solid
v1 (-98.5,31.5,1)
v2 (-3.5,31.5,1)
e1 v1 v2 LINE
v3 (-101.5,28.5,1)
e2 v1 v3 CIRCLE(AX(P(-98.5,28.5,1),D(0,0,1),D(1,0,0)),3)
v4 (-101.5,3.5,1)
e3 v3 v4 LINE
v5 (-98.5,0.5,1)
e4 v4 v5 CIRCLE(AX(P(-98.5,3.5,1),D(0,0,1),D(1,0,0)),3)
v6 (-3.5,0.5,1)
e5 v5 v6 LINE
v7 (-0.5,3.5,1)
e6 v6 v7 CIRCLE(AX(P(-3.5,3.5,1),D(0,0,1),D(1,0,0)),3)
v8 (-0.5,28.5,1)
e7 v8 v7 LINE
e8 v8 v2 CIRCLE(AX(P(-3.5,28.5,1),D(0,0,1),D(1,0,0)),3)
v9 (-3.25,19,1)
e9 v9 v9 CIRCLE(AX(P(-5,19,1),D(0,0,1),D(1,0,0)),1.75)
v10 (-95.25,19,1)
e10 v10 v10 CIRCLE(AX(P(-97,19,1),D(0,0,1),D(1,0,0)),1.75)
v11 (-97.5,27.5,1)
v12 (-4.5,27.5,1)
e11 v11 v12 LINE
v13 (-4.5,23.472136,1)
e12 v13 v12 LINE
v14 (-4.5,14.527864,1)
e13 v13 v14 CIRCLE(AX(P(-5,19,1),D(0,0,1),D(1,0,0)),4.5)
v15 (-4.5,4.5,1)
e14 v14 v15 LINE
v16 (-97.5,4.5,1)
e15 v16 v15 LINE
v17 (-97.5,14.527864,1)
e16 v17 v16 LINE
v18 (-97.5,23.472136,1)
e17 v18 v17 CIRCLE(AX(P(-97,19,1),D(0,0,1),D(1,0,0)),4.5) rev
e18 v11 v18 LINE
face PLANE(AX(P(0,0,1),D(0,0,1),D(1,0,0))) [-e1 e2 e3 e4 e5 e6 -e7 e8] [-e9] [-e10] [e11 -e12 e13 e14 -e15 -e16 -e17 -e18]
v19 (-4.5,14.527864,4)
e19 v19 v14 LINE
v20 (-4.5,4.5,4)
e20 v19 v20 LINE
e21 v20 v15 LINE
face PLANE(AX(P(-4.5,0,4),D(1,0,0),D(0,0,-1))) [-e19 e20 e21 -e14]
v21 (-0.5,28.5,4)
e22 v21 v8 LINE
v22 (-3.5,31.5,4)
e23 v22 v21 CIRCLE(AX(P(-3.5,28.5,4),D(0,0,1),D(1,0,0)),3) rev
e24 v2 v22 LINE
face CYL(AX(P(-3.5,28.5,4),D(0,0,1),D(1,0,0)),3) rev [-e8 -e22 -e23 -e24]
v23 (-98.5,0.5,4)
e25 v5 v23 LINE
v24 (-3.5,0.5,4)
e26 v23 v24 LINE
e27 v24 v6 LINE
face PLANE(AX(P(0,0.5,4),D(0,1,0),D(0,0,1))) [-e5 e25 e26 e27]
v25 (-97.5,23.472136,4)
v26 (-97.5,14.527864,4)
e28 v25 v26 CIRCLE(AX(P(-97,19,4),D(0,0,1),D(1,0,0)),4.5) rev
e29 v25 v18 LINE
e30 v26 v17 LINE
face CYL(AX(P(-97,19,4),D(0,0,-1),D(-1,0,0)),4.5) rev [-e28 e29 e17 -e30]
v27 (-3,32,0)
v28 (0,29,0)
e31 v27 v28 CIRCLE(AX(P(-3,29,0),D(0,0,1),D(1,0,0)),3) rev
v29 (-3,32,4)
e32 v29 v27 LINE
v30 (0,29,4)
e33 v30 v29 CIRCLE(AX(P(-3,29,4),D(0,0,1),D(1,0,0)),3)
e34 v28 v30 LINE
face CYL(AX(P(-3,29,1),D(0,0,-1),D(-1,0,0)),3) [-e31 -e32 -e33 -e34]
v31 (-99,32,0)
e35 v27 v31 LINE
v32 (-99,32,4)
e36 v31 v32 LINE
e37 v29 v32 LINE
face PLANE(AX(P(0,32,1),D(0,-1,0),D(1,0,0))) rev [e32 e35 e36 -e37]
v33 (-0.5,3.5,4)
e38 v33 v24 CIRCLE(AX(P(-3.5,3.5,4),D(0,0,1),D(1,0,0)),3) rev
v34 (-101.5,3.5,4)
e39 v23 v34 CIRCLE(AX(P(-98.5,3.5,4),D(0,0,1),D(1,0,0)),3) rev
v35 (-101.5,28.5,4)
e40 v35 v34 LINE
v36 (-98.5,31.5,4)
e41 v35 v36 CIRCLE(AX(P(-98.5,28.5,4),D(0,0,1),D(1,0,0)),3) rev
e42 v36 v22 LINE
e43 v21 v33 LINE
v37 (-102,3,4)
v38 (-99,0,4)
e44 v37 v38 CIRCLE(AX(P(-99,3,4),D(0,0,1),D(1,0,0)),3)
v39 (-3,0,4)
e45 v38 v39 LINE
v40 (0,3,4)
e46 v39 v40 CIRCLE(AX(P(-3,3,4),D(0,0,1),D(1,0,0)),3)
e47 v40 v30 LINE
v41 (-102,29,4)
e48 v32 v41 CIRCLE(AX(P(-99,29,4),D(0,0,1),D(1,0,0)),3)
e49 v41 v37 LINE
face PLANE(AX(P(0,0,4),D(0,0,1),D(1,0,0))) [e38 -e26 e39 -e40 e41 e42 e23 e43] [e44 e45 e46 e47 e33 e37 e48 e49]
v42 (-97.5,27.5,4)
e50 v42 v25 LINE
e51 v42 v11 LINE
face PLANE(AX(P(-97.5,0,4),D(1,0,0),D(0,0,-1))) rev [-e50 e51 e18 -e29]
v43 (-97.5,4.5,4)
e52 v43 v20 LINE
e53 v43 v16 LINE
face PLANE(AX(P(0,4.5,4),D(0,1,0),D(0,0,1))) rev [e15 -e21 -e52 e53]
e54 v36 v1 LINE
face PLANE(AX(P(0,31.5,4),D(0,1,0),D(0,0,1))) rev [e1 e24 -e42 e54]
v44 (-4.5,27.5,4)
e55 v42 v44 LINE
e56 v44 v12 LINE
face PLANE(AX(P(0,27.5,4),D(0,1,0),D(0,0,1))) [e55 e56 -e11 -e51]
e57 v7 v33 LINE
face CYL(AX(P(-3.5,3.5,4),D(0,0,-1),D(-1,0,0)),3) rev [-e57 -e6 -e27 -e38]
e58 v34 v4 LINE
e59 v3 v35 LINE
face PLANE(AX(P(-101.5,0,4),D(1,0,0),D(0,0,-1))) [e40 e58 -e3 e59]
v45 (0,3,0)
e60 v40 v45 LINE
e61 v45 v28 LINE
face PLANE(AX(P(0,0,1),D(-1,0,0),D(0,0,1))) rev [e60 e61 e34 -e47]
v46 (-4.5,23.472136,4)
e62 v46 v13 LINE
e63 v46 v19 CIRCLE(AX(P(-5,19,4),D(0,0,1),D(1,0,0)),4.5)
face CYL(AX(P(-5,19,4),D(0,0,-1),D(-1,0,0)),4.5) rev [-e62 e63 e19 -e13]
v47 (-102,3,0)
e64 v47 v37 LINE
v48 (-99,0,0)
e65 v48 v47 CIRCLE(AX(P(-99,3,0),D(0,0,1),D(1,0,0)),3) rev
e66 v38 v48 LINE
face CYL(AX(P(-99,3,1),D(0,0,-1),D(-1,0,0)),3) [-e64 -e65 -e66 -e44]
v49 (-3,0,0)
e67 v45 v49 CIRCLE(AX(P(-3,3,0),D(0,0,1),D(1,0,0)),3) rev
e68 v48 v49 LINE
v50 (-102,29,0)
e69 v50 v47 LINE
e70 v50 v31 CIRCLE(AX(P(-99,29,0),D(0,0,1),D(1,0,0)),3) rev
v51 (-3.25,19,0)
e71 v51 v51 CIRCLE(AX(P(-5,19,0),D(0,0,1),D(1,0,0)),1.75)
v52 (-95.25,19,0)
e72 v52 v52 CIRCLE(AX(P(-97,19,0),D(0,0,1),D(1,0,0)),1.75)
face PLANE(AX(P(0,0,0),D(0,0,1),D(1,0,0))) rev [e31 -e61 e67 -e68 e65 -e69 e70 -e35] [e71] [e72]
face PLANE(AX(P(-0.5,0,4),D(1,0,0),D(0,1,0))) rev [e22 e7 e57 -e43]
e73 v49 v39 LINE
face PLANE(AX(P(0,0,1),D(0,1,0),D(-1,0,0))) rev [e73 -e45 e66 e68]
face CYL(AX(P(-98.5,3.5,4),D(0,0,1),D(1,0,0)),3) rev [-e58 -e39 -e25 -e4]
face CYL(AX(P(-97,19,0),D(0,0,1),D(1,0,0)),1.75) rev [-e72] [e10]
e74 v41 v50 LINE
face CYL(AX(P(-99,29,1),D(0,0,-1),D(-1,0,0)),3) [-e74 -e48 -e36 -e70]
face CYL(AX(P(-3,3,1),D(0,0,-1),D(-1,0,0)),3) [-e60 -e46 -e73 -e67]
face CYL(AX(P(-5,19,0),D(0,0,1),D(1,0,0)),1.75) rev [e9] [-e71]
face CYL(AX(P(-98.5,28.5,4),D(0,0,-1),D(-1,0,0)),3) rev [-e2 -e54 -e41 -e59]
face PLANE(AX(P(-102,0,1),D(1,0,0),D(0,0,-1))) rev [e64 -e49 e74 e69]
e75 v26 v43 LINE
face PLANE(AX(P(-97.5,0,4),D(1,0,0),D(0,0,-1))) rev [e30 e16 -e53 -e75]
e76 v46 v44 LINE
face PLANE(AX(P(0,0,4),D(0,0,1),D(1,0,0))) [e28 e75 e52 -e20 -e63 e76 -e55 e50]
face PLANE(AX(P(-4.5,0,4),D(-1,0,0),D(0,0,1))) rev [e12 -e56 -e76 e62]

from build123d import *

# Parameters (mm, degrees)
SKETCH1_W           = 102
SKETCH1_H           = 32
BOSS_EXTRUDE1_DEPTH = 1
SKETCH2_W           = 102
SKETCH2_H           = 32
SKETCH2_W_2         = 101
SKETCH2_H_2         = 31
BOSS_EXTRUDE2_DEPTH = 3
SKETCH3_R           = 1.75
CUT_EXTRUDE1_DEPTH  = 107.943910533
FILLET1_R           = 3


with BuildPart() as part:
    # Sketch1 → Boss-Extrude1 (new body)
    with BuildSketch(Plane.XY):
        with Locations((-51, 16)):
            Rectangle(SKETCH1_W, SKETCH1_H)
    extrude(amount=BOSS_EXTRUDE1_DEPTH)

    # Sketch2 → Boss-Extrude2 (add)
    # profile 1 of 2: a face of its own
    with BuildSketch(Plane.XY.offset(1)):
        with Locations((-51, 16)):
            Rectangle(SKETCH2_W, SKETCH2_H)
        with Locations((-51, 16)):
            Rectangle(SKETCH2_W_2, SKETCH2_H_2, mode=Mode.SUBTRACT)
    # profile 2 of 2: a face of its own
    with BuildSketch(Plane.XY.offset(1)):
        with BuildLine():
            Line((-97.5, 14.527864045), (-97.5, 4.5))
            Line((-97.5, 4.5), (-4.5, 4.5))
            Line((-4.5, 4.5), (-4.5, 14.527864045))
            ThreePointArc((-4.5, 14.527864045), (-9.5, 19), (-4.5, 23.472135955))
            Line((-4.5, 23.472135955), (-4.5, 27.5))
            Line((-4.5, 27.5), (-97.5, 27.5))
            Line((-97.5, 27.5), (-97.5, 23.472135955))
            ThreePointArc((-97.5, 23.472135955), (-92.5, 19), (-97.5, 14.527864045))
        make_face()
    extrude(amount=BOSS_EXTRUDE2_DEPTH)

    # Sketch3 → Cut-Extrude1 (cut, through all)
    with BuildSketch(Plane.XY.offset(1)):
        with Locations((-97, 19)):
            Circle(SKETCH3_R)
        with Locations((-5, 19)):
            Circle(SKETCH3_R)
    extrude(amount=-CUT_EXTRUDE1_DEPTH, mode=Mode.SUBTRACT)

    # Fillet1
    fillet1_edges = [part.edges().sort_by_distance(p)[0] for p in [
        (-101.5, 31.5, 2.5),
        (-0.5, 31.5, 2.5),
        (-0.5, 0.5, 2.5),
        (-101.5, 0.5, 2.5),
        (0, 0, 2),
        (-102, 0, 2),
        (-102, 32, 2),
        (0, 32, 2),
    ]]
    fillet(fillet1_edges, radius=FILLET1_R)


solid = part.part
